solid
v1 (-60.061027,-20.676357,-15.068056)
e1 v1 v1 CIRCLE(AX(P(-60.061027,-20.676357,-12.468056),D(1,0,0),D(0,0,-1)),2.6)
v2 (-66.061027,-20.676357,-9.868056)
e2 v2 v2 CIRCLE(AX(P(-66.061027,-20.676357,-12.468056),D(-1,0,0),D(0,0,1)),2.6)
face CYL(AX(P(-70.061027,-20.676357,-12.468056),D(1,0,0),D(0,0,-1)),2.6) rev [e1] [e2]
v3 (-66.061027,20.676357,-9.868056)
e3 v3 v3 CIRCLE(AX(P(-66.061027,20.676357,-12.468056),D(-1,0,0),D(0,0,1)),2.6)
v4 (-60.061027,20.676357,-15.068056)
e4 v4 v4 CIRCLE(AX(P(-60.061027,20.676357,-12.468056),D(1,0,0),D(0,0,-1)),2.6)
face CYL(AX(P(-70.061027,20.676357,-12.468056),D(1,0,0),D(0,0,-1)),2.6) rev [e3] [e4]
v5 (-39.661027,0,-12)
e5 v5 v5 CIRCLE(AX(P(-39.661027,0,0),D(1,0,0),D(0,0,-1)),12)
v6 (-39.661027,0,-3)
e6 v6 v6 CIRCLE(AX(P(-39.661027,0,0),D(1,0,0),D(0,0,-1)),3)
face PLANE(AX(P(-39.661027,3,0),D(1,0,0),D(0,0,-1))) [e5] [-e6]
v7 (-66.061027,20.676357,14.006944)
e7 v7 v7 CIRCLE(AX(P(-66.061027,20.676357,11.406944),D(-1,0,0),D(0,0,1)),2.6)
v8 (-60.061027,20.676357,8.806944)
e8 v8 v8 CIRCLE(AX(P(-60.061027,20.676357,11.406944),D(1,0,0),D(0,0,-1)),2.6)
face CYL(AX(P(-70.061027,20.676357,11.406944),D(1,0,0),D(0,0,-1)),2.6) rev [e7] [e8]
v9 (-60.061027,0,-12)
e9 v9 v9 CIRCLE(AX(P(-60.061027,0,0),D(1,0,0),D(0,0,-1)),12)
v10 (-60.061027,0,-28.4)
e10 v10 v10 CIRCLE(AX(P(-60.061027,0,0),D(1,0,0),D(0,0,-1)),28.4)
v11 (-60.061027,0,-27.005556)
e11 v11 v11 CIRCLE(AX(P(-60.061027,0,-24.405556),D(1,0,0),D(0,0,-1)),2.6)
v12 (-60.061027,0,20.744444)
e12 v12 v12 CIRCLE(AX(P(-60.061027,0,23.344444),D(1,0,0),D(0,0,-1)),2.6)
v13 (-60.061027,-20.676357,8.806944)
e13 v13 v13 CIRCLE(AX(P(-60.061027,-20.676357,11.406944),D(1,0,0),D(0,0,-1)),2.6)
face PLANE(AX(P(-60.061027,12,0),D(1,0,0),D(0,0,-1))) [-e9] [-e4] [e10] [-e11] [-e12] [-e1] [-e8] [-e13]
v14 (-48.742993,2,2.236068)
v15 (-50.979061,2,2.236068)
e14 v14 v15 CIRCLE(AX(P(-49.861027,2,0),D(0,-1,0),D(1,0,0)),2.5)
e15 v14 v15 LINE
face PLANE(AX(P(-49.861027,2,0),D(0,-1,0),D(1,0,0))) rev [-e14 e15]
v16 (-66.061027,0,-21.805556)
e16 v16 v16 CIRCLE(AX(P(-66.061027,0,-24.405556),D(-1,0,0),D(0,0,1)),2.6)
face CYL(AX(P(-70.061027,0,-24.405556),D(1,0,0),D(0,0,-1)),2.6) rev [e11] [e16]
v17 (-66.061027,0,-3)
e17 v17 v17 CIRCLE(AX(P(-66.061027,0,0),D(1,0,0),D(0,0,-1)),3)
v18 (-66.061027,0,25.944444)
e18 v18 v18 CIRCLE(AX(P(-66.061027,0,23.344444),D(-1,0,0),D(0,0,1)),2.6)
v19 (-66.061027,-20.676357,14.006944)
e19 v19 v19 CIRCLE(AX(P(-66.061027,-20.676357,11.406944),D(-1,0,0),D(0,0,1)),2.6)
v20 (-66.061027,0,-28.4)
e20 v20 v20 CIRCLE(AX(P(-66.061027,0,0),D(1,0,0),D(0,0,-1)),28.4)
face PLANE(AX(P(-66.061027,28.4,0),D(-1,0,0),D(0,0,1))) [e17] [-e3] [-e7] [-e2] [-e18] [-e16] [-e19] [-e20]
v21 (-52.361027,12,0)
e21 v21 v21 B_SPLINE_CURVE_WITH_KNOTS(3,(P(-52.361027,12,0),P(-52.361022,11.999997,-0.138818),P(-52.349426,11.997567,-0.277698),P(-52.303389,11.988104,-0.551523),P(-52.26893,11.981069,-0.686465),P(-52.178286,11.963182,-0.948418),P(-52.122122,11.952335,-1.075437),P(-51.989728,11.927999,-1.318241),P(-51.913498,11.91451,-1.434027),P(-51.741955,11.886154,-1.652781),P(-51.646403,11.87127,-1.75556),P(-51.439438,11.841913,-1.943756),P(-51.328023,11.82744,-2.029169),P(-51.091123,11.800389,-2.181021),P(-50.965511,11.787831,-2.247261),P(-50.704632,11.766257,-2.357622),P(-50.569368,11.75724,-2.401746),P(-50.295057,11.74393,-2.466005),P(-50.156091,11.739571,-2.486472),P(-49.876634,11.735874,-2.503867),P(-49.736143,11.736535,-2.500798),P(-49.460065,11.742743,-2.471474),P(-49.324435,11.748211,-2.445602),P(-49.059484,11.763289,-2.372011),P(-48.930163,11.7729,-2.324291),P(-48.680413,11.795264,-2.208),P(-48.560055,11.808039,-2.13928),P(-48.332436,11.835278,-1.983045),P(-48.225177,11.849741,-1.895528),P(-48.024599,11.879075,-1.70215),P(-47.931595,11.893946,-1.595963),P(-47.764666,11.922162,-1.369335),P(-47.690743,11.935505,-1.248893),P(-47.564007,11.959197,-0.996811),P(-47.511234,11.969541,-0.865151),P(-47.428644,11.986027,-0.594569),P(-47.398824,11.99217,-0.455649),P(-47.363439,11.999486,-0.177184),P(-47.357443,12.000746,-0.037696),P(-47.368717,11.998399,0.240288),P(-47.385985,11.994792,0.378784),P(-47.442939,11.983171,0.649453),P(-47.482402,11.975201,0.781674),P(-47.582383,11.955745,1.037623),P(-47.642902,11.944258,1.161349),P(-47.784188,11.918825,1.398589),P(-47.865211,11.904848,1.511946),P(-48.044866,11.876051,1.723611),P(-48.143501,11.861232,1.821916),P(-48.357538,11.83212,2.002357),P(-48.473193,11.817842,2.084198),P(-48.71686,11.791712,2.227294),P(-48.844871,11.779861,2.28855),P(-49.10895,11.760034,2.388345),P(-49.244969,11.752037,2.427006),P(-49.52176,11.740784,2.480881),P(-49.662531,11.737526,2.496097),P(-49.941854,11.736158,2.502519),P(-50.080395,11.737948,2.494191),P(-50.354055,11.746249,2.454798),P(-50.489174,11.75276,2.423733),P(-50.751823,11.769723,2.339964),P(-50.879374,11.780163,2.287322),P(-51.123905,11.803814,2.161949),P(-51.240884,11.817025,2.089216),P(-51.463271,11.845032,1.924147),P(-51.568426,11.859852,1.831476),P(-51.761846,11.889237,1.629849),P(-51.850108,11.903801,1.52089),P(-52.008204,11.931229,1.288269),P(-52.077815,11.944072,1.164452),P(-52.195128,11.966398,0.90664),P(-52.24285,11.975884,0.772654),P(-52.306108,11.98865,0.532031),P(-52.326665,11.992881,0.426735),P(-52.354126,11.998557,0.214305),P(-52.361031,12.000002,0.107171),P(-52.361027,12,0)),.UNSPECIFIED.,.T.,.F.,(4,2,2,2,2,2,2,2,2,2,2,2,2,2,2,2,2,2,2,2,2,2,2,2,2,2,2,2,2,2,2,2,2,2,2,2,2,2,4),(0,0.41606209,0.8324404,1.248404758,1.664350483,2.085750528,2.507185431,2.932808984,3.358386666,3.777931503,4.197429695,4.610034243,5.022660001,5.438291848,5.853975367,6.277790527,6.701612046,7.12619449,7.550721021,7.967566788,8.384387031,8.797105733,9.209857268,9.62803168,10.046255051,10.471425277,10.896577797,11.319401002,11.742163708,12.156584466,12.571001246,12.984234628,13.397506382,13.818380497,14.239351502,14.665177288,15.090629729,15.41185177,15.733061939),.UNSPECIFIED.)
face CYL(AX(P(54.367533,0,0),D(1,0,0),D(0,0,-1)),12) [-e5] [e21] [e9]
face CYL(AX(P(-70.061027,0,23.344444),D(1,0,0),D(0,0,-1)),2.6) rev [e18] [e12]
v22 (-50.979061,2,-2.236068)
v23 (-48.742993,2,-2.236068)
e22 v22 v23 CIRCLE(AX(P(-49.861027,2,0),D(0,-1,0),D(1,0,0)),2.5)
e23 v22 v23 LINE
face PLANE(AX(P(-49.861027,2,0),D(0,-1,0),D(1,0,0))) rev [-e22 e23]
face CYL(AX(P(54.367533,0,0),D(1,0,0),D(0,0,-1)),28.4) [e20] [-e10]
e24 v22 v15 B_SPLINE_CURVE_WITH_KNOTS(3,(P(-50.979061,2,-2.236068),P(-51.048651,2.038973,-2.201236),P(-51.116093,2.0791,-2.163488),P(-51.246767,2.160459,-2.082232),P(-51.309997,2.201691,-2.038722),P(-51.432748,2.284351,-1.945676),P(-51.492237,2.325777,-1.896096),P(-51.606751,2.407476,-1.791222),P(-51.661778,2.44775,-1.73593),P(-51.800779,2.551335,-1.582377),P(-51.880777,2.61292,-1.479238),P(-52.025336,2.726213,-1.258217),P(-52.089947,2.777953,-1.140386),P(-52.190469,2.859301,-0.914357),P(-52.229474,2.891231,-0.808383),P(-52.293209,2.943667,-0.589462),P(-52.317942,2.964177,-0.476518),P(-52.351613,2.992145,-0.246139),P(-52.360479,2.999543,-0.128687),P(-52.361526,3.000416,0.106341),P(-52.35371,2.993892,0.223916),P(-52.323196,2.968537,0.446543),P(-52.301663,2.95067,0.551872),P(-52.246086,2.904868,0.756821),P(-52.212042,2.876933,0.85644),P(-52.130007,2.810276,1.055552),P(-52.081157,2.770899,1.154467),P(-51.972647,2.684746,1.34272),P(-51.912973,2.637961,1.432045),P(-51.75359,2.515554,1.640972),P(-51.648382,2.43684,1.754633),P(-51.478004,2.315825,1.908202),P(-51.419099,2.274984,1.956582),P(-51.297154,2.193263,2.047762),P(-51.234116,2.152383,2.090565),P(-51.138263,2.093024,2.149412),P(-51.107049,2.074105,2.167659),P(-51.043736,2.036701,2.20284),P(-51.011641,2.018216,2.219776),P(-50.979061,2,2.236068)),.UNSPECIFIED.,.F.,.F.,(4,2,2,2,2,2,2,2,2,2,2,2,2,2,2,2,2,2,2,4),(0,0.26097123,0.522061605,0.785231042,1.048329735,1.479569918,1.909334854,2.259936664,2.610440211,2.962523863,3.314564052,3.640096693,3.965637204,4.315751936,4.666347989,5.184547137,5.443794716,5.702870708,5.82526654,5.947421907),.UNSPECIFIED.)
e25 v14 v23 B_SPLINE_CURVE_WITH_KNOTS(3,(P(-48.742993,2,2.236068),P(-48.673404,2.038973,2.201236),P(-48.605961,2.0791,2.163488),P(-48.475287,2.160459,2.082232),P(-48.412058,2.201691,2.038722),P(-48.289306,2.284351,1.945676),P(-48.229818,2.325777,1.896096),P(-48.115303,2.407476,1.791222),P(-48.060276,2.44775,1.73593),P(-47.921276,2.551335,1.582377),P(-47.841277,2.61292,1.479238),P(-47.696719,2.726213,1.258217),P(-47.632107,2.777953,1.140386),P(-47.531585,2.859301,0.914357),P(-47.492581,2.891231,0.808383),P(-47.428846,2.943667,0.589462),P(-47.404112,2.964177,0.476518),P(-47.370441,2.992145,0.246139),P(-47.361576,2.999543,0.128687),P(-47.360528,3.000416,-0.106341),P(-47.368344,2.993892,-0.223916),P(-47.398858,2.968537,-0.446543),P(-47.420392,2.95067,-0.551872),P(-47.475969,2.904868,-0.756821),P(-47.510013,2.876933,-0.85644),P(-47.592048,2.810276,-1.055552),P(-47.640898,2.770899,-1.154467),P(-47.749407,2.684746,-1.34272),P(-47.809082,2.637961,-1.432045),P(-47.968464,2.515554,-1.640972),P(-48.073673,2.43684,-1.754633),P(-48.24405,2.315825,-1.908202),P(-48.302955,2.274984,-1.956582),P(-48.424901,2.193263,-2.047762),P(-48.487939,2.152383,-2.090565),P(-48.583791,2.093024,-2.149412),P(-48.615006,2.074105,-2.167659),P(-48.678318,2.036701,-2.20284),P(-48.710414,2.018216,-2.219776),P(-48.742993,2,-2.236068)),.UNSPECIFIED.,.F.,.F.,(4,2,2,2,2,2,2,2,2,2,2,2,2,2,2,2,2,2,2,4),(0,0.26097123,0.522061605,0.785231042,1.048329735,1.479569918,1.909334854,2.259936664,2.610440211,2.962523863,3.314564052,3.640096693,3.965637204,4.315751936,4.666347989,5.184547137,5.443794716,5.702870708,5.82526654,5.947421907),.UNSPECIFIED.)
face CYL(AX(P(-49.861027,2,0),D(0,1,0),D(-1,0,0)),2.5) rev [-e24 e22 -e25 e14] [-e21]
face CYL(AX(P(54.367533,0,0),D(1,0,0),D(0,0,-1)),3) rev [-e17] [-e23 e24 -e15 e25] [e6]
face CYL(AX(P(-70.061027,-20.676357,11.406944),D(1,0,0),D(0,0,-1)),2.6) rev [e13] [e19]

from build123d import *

# Parameters (mm, degrees)
ESQUISSE2_R             = 2.6
ENL_V_MAT_EXTRU_1_DEPTH = 10
ESQUISSE3_R             = 2.5
ENL_V_MAT_EXTRU_2_DEPTH = 10


with BuildPart() as part:
    # Esquisse1 → Révolution1 (revolve)
    with BuildSketch(Plane.XY, mode=Mode.PRIVATE) as r_volution1_sk:
        Polygon((-39.661027285, 12), (-60.061027285, 12), (-60.061027285, 28.4), (-66.061027285, 28.4), (-66.061027285, 3), (-39.661027285, 3), align=None)
    revolve(r_volution1_sk.sketch.rotate(Axis((54.367533201, 0, 0), (-1, 0, 0)), 90), axis=Axis((54.367533201, 0, 0), (-1, 0, 0)))

    # Esquisse2 → Enlèv. mat.-Extru.1 (cut)
    with BuildSketch(Plane(origin=(-60.061027285, 0, 0), x_dir=(0, 0, -1), z_dir=(1, 0, 0))):
        with Locations((-23.344444301, 0)):
            Circle(ESQUISSE2_R)
        with Locations((-11.406944301, 20.676356515)):
            Circle(ESQUISSE2_R)
        with Locations((12.468055699, 20.676356515)):
            Circle(ESQUISSE2_R)
        with Locations((24.405555699, 0)):
            Circle(ESQUISSE2_R)
        with Locations((12.468055699, -20.676356515)):
            Circle(ESQUISSE2_R)
        with Locations((-11.406944301, -20.676356515)):
            Circle(ESQUISSE2_R)
    extrude(amount=-ENL_V_MAT_EXTRU_1_DEPTH, mode=Mode.SUBTRACT)

    # Esquisse3 → Enlèv. mat.-Extru.2 (cut)
    with BuildSketch(Plane(origin=(0, 12, 0), x_dir=(-1, 0, 0), z_dir=(0, -1, 0))):
        with Locations((49.861027285, 0)):
            Circle(ESQUISSE3_R)
    extrude(amount=ENL_V_MAT_EXTRU_2_DEPTH, mode=Mode.SUBTRACT)


solid = part.part
